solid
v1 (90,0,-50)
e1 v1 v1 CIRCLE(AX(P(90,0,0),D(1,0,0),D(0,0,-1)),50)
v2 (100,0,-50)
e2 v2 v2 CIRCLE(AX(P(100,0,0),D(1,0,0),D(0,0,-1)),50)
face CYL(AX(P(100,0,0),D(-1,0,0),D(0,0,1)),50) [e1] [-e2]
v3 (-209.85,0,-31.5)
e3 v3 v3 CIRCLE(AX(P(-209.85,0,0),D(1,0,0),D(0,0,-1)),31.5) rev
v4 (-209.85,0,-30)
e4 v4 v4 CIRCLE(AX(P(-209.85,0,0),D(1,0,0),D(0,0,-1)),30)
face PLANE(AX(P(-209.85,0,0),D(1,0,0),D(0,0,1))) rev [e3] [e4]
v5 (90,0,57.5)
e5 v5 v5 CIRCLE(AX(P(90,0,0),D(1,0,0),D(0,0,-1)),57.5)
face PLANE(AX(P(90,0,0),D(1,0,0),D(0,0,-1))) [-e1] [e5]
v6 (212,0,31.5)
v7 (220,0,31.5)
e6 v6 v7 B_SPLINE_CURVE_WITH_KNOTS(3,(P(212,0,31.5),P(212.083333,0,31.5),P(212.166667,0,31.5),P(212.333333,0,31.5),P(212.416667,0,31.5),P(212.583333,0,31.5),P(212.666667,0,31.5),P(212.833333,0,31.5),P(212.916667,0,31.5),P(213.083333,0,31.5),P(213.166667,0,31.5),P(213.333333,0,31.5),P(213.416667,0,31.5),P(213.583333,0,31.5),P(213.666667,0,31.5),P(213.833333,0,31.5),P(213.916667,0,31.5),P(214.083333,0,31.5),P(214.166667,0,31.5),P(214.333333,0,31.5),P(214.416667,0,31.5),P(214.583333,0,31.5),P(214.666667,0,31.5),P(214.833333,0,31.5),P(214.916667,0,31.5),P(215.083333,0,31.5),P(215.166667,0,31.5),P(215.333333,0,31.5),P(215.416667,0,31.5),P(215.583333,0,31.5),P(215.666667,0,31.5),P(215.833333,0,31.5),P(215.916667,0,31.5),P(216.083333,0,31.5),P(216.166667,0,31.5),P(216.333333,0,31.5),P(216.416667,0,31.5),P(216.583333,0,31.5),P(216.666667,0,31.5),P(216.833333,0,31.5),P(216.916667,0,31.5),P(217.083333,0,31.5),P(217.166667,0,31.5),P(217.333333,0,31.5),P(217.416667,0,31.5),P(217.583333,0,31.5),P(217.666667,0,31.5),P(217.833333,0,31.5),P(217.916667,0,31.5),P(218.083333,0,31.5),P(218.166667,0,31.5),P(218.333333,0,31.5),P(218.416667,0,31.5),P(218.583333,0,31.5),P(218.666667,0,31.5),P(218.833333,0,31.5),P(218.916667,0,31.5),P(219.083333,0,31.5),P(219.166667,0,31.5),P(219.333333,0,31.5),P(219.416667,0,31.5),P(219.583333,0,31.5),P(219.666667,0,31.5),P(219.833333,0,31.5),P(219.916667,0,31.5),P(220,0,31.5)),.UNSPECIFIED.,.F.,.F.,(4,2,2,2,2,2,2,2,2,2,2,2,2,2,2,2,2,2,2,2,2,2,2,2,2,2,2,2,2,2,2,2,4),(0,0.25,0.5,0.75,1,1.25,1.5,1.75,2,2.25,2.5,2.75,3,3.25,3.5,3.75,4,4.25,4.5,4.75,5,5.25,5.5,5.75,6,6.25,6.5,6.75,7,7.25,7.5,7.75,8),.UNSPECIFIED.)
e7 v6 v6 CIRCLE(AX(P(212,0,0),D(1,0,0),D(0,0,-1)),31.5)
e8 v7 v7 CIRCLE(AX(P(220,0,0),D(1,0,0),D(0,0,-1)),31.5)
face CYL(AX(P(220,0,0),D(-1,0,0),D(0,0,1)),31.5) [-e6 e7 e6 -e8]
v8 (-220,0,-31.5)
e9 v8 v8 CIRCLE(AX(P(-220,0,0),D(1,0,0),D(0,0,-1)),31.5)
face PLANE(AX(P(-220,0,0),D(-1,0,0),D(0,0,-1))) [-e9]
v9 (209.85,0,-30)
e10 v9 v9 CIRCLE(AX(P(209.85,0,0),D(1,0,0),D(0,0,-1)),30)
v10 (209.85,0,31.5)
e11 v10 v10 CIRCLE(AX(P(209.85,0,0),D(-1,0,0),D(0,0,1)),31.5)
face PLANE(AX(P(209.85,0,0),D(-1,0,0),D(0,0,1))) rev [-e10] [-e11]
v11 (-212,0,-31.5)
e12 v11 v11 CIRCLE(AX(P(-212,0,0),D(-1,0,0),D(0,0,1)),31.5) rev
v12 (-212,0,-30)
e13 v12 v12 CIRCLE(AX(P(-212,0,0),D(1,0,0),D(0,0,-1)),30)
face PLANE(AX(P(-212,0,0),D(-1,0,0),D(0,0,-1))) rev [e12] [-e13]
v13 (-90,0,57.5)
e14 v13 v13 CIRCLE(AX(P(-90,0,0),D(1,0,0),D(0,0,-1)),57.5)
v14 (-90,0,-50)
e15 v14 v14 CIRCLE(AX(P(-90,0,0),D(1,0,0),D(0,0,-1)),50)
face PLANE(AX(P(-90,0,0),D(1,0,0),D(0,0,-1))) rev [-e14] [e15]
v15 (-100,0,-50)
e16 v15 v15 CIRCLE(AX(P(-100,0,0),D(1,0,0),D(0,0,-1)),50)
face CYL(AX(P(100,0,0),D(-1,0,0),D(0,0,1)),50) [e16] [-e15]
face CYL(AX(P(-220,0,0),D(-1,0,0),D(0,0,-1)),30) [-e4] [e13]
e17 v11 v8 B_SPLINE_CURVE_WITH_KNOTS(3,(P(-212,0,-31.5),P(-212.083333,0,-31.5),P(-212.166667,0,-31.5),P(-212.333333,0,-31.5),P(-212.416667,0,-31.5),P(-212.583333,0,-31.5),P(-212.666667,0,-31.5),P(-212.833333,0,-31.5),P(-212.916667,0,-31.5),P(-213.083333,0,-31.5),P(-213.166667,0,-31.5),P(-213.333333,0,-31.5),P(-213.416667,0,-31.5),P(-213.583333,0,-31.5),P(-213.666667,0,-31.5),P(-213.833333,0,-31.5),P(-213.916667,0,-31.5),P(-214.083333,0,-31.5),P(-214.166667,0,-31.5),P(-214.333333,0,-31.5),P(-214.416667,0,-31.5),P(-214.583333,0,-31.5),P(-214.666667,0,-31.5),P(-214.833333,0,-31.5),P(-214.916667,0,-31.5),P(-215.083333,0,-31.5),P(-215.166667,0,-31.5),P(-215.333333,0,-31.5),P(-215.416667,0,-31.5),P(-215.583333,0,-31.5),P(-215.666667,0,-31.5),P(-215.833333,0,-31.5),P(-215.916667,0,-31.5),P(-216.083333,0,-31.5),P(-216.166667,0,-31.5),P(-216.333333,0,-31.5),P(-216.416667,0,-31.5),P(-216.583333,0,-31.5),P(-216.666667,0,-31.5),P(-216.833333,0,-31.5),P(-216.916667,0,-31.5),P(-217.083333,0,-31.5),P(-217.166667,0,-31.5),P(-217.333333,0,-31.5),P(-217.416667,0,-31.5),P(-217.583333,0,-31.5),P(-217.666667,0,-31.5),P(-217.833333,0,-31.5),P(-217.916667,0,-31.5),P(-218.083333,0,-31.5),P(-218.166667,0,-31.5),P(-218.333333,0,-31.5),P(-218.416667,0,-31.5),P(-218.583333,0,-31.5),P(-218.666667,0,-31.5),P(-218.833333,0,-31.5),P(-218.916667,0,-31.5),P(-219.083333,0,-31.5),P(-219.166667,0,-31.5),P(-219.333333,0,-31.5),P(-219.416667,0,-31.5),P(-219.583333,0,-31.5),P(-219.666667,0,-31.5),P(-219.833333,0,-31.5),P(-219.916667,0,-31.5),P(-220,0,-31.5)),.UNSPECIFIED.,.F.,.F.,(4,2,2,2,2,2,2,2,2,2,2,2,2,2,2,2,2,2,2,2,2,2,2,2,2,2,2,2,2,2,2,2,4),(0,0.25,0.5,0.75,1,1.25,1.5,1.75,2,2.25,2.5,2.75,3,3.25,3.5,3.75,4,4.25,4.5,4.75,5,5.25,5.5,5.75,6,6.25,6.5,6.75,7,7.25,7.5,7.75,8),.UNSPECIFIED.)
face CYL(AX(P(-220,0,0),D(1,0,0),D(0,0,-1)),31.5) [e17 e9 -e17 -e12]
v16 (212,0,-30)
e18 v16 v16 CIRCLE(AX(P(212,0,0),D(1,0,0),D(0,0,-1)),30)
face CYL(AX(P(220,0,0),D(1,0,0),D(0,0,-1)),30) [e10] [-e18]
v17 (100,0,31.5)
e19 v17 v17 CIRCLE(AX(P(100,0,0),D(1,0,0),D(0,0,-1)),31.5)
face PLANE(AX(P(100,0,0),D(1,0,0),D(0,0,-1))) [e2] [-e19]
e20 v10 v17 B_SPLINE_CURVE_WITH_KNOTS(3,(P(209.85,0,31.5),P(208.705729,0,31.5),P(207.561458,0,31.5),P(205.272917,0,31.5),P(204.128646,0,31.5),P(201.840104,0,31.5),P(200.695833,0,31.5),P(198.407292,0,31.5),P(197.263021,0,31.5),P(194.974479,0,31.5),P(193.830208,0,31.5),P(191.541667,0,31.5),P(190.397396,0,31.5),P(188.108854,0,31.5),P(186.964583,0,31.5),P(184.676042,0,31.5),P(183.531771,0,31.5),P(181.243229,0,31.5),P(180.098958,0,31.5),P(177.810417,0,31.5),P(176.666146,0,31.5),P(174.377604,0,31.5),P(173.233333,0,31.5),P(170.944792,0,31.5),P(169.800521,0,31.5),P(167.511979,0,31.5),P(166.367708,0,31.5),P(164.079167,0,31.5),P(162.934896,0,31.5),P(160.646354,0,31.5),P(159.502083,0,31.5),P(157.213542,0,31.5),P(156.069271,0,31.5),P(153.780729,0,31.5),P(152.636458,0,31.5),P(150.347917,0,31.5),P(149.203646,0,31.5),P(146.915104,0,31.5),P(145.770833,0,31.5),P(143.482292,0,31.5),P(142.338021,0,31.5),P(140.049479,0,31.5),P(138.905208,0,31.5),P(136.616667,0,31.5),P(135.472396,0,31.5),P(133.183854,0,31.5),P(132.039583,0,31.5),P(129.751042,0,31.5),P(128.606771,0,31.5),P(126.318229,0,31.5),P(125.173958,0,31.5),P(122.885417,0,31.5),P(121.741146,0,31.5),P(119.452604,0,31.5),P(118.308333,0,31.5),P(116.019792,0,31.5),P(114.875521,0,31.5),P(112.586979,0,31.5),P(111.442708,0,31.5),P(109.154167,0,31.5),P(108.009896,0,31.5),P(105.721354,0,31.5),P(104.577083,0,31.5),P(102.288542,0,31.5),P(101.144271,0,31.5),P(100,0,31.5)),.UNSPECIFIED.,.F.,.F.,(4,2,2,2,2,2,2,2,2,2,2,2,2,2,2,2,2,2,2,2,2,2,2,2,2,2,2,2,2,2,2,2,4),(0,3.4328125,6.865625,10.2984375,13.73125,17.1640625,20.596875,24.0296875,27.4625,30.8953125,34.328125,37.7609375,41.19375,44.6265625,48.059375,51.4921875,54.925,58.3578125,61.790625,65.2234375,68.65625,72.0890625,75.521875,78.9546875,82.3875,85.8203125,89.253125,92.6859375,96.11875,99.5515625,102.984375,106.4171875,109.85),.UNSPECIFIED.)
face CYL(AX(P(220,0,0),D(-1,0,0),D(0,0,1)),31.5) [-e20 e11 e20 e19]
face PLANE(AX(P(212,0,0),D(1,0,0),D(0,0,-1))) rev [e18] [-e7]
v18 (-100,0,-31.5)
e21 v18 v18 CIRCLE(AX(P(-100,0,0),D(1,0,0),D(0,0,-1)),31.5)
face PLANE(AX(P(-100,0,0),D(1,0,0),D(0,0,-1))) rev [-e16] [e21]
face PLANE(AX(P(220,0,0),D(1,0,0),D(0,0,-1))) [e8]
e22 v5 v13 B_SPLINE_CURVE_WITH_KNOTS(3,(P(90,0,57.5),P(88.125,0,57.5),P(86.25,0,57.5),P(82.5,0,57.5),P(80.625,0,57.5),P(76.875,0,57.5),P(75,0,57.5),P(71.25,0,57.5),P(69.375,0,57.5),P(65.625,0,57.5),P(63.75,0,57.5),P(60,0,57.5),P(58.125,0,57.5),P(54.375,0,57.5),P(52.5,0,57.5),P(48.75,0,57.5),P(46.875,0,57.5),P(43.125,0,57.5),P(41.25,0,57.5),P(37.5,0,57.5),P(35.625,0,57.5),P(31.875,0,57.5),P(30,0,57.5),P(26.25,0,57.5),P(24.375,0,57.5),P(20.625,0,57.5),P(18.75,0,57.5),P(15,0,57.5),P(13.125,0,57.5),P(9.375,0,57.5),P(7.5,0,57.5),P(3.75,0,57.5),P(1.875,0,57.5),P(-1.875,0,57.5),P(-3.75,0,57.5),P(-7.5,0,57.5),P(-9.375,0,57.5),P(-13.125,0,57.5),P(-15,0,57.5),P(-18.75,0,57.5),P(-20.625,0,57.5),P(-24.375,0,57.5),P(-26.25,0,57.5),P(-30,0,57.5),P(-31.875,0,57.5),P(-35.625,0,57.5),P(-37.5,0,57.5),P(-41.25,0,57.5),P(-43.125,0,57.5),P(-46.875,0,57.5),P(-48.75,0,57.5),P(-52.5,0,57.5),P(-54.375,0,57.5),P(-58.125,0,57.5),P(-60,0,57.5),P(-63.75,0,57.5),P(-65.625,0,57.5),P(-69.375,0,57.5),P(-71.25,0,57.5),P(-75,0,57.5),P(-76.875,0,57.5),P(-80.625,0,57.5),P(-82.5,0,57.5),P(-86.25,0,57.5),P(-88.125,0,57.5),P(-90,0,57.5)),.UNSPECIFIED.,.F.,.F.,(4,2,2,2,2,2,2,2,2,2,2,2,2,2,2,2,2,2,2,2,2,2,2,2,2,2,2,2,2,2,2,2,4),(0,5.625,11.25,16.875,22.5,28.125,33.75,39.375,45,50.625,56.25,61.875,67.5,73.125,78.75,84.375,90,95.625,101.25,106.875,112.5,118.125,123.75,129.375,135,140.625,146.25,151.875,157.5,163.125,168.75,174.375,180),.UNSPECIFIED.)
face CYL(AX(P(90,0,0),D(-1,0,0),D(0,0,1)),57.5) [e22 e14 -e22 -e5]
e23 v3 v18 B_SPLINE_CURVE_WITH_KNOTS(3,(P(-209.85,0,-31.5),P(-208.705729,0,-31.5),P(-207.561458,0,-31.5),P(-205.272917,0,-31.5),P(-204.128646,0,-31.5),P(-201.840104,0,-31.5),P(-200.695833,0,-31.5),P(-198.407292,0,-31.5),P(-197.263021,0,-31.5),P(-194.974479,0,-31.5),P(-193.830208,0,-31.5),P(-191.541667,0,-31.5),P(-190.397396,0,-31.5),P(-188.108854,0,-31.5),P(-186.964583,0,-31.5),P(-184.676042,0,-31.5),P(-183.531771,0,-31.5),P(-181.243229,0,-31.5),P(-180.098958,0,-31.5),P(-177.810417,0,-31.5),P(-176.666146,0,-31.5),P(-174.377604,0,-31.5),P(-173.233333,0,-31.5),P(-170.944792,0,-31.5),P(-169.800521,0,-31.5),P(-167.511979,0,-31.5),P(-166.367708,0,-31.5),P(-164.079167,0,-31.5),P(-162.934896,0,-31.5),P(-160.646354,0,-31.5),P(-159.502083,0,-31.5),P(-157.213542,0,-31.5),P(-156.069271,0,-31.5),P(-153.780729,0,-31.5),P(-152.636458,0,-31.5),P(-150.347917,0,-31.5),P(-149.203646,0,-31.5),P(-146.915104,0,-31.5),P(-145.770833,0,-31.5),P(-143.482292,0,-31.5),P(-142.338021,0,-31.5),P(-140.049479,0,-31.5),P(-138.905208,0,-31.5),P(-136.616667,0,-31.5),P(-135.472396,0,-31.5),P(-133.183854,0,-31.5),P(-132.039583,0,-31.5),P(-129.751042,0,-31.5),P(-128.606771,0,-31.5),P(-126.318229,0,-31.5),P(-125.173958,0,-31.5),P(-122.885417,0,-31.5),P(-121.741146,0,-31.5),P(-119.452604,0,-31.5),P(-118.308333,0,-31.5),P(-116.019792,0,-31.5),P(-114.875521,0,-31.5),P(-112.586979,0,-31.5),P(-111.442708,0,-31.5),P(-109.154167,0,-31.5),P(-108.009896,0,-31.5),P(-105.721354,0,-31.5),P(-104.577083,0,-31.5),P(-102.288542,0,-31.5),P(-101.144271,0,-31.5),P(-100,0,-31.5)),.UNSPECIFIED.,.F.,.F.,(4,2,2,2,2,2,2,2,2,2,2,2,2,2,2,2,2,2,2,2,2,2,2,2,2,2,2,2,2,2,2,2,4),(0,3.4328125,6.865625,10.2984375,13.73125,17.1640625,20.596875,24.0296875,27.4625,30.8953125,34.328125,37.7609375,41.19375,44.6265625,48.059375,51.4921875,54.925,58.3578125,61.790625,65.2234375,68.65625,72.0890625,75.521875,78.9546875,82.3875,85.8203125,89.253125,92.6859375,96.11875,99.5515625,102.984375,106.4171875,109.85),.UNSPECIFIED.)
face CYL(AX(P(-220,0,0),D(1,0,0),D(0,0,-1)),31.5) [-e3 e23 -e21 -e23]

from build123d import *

# Parameters (mm, degrees)
IZIM1_R                     = 50
Y_KSEKLIK_EKSTR_ZYON1_DEPTH = 100
IZIM1_3_R                   = 57.5
IZIM1_3_R_2                 = 50
Y_KSEKLIK_EKSTR_ZYON2_DEPTH = 90
IZIM11_R                    = 31.5
Y_KSEKLIK_EKSTR_ZYON7_DEPTH = 120
IZIM12_W                    = 2.15
IZIM12_H                    = 5.230498787


with BuildPart() as part:
    # Çizim1 → Yükseklik-Ekstrüzyon1 (new, symmetric)
    with BuildSketch(Plane(origin=(0, 0, 0), x_dir=(0, 0, -1), z_dir=(1, 0, 0))):
        Circle(IZIM1_R)
    extrude(amount=Y_KSEKLIK_EKSTR_ZYON1_DEPTH, both=True)

    # Çizim1<3> → Yükseklik-Ekstrüzyon2 (add, symmetric)
    with BuildSketch(Plane(origin=(0, 0, 0), x_dir=(0, 0, -1), z_dir=(1, 0, 0))):
        Circle(IZIM1_3_R)
        Circle(IZIM1_3_R_2, mode=Mode.SUBTRACT)
    extrude(amount=Y_KSEKLIK_EKSTR_ZYON2_DEPTH, both=True)

    # Çizim11 → Yükseklik-Ekstrüzyon7 (add)
    with BuildSketch(Plane(origin=(100, 0, 0), x_dir=(0, 0, -1), z_dir=(1, 0, 0))):
        Circle(IZIM11_R)
    y_kseklik_ekstr_zyon7 = extrude(amount=Y_KSEKLIK_EKSTR_ZYON7_DEPTH)

    # Çizim12 → Kes-Döndür1 (revolve, cut)
    with BuildSketch(Plane.XY):
        with Locations((210.925, 32.615249394)):
            Rectangle(IZIM12_W, IZIM12_H)
    kes_d_nd_r1 = revolve(axis=Axis((220, 0, 0), (-1, 0, 0)), mode=Mode.SUBTRACT)

    # Aynalama6: Yükseklik-Ekstrüzyon7, Kes-Döndür1 across plane
    add(y_kseklik_ekstr_zyon7.mirror(Plane(origin=(0, 0, 0), x_dir=(0, 0, 1), z_dir=(1, 0, 0))))
    add(kes_d_nd_r1.mirror(Plane(origin=(0, 0, 0), x_dir=(0, 0, 1), z_dir=(1, 0, 0))), mode=Mode.SUBTRACT)


solid = part.part
